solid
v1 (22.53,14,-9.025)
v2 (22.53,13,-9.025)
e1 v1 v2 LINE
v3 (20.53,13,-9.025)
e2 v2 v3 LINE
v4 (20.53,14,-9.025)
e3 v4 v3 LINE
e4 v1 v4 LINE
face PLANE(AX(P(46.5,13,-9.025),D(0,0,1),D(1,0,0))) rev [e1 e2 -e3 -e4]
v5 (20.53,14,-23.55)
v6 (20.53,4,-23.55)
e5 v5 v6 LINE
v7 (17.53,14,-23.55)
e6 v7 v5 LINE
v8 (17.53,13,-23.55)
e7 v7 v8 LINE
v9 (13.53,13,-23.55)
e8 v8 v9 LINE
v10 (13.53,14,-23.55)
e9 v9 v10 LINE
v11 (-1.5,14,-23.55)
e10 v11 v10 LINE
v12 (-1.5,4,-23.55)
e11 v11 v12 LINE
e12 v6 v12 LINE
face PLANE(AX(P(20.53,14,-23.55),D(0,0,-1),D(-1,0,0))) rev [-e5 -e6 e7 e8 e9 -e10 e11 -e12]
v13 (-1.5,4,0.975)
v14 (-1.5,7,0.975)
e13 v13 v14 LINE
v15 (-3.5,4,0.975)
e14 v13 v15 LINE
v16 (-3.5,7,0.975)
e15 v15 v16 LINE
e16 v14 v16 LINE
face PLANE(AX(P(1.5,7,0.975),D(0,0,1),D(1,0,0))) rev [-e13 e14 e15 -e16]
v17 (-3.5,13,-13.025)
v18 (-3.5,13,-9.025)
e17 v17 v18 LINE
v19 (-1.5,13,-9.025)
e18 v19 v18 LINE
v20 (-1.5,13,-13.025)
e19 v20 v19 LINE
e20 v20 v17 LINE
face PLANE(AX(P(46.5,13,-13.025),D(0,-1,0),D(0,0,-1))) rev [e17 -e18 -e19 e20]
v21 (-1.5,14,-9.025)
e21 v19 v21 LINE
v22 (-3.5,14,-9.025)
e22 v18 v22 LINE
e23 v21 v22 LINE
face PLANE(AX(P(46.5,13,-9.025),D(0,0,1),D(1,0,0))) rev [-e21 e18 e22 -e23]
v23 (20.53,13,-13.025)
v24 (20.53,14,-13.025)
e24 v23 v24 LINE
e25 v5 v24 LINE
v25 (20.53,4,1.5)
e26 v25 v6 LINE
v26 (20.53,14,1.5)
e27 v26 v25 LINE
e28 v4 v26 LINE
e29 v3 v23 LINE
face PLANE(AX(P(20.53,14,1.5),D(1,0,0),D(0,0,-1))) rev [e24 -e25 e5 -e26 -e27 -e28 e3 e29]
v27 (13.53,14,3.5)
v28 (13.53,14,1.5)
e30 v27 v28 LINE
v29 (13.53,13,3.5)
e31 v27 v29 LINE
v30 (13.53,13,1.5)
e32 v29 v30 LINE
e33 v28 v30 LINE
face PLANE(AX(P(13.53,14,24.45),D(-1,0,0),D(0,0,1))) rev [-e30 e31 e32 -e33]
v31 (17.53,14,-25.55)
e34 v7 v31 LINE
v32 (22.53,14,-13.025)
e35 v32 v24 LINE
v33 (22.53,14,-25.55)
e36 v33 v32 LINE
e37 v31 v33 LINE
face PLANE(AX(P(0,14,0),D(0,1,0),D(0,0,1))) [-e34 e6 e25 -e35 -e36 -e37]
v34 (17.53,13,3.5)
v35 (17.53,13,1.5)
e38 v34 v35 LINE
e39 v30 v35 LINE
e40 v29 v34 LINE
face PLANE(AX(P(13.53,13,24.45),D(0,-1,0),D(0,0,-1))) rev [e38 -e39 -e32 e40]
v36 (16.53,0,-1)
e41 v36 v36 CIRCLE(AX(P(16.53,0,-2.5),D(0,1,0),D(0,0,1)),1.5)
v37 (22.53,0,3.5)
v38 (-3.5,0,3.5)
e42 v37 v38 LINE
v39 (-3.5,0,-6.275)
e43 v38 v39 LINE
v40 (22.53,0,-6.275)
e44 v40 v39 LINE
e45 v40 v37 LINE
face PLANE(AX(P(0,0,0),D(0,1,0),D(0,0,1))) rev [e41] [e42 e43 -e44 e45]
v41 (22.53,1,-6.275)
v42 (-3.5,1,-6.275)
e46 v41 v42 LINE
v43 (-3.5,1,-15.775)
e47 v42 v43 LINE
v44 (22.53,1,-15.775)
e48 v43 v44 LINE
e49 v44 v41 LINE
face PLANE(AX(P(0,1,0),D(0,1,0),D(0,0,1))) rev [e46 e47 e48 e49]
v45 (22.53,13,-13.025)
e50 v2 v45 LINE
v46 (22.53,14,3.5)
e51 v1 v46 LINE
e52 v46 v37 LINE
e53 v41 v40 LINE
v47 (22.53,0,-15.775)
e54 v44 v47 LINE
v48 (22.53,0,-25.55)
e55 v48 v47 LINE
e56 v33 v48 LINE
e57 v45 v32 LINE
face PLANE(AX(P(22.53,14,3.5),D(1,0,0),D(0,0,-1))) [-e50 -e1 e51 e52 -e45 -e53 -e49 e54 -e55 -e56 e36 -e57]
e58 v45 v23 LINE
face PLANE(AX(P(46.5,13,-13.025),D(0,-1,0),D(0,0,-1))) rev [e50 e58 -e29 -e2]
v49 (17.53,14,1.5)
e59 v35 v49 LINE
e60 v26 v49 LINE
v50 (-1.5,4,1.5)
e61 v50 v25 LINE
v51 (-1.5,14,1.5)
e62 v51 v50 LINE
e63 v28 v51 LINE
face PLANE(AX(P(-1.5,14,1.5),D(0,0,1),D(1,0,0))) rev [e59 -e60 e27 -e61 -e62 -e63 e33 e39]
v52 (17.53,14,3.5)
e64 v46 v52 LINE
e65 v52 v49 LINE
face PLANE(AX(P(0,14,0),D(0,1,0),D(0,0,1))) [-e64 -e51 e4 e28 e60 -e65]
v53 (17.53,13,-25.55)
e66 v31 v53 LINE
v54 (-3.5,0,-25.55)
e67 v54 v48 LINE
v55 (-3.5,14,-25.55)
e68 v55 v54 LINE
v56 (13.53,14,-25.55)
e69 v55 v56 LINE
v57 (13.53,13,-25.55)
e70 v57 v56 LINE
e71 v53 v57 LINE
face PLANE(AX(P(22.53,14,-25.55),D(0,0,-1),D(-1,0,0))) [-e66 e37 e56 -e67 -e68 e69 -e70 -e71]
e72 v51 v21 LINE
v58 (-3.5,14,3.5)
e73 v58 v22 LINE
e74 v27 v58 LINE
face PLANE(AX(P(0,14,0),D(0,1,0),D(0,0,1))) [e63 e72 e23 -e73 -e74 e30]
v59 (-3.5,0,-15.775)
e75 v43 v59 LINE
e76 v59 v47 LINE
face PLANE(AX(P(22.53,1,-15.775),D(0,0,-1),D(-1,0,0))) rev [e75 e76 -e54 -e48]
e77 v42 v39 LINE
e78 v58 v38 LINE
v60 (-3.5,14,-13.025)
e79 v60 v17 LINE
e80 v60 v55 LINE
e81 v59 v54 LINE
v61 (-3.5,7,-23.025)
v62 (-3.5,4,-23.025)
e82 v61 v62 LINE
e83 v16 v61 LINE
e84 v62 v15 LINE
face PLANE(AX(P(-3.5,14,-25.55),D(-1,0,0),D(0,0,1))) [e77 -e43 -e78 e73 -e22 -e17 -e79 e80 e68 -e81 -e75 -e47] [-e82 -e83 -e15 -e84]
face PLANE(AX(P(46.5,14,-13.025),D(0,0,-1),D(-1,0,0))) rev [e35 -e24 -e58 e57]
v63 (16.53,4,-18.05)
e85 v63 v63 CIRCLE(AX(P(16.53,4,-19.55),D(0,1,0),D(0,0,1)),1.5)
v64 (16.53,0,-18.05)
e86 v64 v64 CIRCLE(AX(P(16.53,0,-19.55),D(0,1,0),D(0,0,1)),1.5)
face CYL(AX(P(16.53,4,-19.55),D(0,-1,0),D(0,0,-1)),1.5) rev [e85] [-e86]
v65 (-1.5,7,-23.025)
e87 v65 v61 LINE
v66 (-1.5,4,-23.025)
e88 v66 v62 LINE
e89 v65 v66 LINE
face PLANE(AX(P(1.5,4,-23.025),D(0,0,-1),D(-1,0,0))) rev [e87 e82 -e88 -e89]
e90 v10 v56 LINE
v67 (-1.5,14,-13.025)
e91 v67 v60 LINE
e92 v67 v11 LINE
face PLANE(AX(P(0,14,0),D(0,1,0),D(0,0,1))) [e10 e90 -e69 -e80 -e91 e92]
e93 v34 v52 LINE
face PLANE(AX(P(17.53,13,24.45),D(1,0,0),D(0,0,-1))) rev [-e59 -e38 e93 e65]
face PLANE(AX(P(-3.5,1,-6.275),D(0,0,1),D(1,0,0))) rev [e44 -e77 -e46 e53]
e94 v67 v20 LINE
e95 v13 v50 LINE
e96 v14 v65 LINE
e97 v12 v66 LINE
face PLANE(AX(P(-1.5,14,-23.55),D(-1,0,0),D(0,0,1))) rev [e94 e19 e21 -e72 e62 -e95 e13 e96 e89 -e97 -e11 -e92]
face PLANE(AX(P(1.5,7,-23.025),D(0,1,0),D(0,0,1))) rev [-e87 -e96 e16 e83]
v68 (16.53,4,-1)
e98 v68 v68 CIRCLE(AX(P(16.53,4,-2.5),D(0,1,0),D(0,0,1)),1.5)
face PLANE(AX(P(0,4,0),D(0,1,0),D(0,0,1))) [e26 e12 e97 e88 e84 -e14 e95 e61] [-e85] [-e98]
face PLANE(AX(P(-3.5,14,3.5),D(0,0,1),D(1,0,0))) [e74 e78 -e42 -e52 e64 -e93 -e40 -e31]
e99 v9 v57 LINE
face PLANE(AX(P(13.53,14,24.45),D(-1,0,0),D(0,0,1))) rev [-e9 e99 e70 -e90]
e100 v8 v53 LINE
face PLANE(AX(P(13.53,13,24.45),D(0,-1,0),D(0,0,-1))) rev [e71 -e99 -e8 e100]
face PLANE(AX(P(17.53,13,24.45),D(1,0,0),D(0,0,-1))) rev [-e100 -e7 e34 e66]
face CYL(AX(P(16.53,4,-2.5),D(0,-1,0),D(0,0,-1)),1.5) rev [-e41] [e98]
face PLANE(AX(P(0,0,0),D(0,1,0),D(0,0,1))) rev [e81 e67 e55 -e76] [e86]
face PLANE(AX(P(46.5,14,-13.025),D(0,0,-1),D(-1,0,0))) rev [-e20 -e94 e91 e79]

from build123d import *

# Parameters (mm, degrees)
SKETCH1_W           = 22.03
SKETCH1_H           = 25.05
SKETCH1_R           = 1.5
BOSS_EXTRUDE1_DEPTH = 4
SKETCH2_W           = 26.03
SKETCH2_H           = 29.05
SKETCH2_W_2         = 22.03
SKETCH2_H_2         = 25.05
BOSS_EXTRUDE3_DEPTH = 14
CUT_EXTRUDE1_DEPTH  = 5
CUT_EXTRUDE2_DEPTH  = 50
SKETCH5_W           = 4
SKETCH5_H           = 1
CUT_EXTRUDE3_DEPTH  = 50
CUT_EXTRUDE4_DEPTH  = 1


with BuildPart() as part:
    # Sketch1 → Boss-Extrude1 (new body)
    with BuildSketch(Plane(origin=(0, 0, 0), x_dir=(1, 0, 0), z_dir=(0, 1, 0))):
        with Locations((9.515, 11.025)):
            Rectangle(SKETCH1_W, SKETCH1_H)
        with Locations(Location((16.53, 2.5, 0), (0, 0, 270))):
            Circle(SKETCH1_R, mode=Mode.SUBTRACT)
        with Locations(Location((16.53, 19.55, 0), (0, 0, 270))):
            Circle(SKETCH1_R, mode=Mode.SUBTRACT)
    extrude(amount=BOSS_EXTRUDE1_DEPTH)

    # Sketch2 → Boss-Extrude3 (add)
    with BuildSketch(Plane.XZ):
        with Locations((9.515, -11.025)):
            Rectangle(SKETCH2_W, SKETCH2_H)
        with Locations((9.515, -11.025)):
            Rectangle(SKETCH2_W_2, SKETCH2_H_2, mode=Mode.SUBTRACT)
    extrude(amount=-BOSS_EXTRUDE3_DEPTH)

    # Sketch3 → Cut-Extrude1 (cut)
    with BuildSketch(Plane.ZY.offset(3.5)):
        Polygon((-11.025, 4), (-23.025, 4), (-23.025, 7), (0.975, 7), (0.975, 4), align=None)
    extrude(amount=-CUT_EXTRUDE1_DEPTH, mode=Mode.SUBTRACT)

    # Sketch4 → Cut-Extrude2 (cut)
    with BuildSketch(Plane.ZY.offset(3.5)):
        Polygon((-11.025, 14), (-13.025, 14), (-13.025, 13), (-9.025, 13), (-9.025, 14), align=None)
    extrude(amount=-CUT_EXTRUDE2_DEPTH, mode=Mode.SUBTRACT)

    # Sketch5 → Cut-Extrude3 (cut)
    with BuildSketch(Plane(origin=(0, 0, -25.55), x_dir=(-1, 0, 0), z_dir=(0, 0, -1))):
        with Locations((-15.53, 13.5)):
            Rectangle(SKETCH5_W, SKETCH5_H)
    extrude(amount=-CUT_EXTRUDE3_DEPTH, mode=Mode.SUBTRACT)

    # Sketch7 → Cut-Extrude4 (cut)
    with BuildSketch(Plane.XZ):
        Polygon((-3.5, -11.025), (-3.5, -6.275), (22.53, -6.275), (22.53, -15.775), (-3.5, -15.775), align=None)
    extrude(amount=-CUT_EXTRUDE4_DEPTH, mode=Mode.SUBTRACT)


solid = part.part
